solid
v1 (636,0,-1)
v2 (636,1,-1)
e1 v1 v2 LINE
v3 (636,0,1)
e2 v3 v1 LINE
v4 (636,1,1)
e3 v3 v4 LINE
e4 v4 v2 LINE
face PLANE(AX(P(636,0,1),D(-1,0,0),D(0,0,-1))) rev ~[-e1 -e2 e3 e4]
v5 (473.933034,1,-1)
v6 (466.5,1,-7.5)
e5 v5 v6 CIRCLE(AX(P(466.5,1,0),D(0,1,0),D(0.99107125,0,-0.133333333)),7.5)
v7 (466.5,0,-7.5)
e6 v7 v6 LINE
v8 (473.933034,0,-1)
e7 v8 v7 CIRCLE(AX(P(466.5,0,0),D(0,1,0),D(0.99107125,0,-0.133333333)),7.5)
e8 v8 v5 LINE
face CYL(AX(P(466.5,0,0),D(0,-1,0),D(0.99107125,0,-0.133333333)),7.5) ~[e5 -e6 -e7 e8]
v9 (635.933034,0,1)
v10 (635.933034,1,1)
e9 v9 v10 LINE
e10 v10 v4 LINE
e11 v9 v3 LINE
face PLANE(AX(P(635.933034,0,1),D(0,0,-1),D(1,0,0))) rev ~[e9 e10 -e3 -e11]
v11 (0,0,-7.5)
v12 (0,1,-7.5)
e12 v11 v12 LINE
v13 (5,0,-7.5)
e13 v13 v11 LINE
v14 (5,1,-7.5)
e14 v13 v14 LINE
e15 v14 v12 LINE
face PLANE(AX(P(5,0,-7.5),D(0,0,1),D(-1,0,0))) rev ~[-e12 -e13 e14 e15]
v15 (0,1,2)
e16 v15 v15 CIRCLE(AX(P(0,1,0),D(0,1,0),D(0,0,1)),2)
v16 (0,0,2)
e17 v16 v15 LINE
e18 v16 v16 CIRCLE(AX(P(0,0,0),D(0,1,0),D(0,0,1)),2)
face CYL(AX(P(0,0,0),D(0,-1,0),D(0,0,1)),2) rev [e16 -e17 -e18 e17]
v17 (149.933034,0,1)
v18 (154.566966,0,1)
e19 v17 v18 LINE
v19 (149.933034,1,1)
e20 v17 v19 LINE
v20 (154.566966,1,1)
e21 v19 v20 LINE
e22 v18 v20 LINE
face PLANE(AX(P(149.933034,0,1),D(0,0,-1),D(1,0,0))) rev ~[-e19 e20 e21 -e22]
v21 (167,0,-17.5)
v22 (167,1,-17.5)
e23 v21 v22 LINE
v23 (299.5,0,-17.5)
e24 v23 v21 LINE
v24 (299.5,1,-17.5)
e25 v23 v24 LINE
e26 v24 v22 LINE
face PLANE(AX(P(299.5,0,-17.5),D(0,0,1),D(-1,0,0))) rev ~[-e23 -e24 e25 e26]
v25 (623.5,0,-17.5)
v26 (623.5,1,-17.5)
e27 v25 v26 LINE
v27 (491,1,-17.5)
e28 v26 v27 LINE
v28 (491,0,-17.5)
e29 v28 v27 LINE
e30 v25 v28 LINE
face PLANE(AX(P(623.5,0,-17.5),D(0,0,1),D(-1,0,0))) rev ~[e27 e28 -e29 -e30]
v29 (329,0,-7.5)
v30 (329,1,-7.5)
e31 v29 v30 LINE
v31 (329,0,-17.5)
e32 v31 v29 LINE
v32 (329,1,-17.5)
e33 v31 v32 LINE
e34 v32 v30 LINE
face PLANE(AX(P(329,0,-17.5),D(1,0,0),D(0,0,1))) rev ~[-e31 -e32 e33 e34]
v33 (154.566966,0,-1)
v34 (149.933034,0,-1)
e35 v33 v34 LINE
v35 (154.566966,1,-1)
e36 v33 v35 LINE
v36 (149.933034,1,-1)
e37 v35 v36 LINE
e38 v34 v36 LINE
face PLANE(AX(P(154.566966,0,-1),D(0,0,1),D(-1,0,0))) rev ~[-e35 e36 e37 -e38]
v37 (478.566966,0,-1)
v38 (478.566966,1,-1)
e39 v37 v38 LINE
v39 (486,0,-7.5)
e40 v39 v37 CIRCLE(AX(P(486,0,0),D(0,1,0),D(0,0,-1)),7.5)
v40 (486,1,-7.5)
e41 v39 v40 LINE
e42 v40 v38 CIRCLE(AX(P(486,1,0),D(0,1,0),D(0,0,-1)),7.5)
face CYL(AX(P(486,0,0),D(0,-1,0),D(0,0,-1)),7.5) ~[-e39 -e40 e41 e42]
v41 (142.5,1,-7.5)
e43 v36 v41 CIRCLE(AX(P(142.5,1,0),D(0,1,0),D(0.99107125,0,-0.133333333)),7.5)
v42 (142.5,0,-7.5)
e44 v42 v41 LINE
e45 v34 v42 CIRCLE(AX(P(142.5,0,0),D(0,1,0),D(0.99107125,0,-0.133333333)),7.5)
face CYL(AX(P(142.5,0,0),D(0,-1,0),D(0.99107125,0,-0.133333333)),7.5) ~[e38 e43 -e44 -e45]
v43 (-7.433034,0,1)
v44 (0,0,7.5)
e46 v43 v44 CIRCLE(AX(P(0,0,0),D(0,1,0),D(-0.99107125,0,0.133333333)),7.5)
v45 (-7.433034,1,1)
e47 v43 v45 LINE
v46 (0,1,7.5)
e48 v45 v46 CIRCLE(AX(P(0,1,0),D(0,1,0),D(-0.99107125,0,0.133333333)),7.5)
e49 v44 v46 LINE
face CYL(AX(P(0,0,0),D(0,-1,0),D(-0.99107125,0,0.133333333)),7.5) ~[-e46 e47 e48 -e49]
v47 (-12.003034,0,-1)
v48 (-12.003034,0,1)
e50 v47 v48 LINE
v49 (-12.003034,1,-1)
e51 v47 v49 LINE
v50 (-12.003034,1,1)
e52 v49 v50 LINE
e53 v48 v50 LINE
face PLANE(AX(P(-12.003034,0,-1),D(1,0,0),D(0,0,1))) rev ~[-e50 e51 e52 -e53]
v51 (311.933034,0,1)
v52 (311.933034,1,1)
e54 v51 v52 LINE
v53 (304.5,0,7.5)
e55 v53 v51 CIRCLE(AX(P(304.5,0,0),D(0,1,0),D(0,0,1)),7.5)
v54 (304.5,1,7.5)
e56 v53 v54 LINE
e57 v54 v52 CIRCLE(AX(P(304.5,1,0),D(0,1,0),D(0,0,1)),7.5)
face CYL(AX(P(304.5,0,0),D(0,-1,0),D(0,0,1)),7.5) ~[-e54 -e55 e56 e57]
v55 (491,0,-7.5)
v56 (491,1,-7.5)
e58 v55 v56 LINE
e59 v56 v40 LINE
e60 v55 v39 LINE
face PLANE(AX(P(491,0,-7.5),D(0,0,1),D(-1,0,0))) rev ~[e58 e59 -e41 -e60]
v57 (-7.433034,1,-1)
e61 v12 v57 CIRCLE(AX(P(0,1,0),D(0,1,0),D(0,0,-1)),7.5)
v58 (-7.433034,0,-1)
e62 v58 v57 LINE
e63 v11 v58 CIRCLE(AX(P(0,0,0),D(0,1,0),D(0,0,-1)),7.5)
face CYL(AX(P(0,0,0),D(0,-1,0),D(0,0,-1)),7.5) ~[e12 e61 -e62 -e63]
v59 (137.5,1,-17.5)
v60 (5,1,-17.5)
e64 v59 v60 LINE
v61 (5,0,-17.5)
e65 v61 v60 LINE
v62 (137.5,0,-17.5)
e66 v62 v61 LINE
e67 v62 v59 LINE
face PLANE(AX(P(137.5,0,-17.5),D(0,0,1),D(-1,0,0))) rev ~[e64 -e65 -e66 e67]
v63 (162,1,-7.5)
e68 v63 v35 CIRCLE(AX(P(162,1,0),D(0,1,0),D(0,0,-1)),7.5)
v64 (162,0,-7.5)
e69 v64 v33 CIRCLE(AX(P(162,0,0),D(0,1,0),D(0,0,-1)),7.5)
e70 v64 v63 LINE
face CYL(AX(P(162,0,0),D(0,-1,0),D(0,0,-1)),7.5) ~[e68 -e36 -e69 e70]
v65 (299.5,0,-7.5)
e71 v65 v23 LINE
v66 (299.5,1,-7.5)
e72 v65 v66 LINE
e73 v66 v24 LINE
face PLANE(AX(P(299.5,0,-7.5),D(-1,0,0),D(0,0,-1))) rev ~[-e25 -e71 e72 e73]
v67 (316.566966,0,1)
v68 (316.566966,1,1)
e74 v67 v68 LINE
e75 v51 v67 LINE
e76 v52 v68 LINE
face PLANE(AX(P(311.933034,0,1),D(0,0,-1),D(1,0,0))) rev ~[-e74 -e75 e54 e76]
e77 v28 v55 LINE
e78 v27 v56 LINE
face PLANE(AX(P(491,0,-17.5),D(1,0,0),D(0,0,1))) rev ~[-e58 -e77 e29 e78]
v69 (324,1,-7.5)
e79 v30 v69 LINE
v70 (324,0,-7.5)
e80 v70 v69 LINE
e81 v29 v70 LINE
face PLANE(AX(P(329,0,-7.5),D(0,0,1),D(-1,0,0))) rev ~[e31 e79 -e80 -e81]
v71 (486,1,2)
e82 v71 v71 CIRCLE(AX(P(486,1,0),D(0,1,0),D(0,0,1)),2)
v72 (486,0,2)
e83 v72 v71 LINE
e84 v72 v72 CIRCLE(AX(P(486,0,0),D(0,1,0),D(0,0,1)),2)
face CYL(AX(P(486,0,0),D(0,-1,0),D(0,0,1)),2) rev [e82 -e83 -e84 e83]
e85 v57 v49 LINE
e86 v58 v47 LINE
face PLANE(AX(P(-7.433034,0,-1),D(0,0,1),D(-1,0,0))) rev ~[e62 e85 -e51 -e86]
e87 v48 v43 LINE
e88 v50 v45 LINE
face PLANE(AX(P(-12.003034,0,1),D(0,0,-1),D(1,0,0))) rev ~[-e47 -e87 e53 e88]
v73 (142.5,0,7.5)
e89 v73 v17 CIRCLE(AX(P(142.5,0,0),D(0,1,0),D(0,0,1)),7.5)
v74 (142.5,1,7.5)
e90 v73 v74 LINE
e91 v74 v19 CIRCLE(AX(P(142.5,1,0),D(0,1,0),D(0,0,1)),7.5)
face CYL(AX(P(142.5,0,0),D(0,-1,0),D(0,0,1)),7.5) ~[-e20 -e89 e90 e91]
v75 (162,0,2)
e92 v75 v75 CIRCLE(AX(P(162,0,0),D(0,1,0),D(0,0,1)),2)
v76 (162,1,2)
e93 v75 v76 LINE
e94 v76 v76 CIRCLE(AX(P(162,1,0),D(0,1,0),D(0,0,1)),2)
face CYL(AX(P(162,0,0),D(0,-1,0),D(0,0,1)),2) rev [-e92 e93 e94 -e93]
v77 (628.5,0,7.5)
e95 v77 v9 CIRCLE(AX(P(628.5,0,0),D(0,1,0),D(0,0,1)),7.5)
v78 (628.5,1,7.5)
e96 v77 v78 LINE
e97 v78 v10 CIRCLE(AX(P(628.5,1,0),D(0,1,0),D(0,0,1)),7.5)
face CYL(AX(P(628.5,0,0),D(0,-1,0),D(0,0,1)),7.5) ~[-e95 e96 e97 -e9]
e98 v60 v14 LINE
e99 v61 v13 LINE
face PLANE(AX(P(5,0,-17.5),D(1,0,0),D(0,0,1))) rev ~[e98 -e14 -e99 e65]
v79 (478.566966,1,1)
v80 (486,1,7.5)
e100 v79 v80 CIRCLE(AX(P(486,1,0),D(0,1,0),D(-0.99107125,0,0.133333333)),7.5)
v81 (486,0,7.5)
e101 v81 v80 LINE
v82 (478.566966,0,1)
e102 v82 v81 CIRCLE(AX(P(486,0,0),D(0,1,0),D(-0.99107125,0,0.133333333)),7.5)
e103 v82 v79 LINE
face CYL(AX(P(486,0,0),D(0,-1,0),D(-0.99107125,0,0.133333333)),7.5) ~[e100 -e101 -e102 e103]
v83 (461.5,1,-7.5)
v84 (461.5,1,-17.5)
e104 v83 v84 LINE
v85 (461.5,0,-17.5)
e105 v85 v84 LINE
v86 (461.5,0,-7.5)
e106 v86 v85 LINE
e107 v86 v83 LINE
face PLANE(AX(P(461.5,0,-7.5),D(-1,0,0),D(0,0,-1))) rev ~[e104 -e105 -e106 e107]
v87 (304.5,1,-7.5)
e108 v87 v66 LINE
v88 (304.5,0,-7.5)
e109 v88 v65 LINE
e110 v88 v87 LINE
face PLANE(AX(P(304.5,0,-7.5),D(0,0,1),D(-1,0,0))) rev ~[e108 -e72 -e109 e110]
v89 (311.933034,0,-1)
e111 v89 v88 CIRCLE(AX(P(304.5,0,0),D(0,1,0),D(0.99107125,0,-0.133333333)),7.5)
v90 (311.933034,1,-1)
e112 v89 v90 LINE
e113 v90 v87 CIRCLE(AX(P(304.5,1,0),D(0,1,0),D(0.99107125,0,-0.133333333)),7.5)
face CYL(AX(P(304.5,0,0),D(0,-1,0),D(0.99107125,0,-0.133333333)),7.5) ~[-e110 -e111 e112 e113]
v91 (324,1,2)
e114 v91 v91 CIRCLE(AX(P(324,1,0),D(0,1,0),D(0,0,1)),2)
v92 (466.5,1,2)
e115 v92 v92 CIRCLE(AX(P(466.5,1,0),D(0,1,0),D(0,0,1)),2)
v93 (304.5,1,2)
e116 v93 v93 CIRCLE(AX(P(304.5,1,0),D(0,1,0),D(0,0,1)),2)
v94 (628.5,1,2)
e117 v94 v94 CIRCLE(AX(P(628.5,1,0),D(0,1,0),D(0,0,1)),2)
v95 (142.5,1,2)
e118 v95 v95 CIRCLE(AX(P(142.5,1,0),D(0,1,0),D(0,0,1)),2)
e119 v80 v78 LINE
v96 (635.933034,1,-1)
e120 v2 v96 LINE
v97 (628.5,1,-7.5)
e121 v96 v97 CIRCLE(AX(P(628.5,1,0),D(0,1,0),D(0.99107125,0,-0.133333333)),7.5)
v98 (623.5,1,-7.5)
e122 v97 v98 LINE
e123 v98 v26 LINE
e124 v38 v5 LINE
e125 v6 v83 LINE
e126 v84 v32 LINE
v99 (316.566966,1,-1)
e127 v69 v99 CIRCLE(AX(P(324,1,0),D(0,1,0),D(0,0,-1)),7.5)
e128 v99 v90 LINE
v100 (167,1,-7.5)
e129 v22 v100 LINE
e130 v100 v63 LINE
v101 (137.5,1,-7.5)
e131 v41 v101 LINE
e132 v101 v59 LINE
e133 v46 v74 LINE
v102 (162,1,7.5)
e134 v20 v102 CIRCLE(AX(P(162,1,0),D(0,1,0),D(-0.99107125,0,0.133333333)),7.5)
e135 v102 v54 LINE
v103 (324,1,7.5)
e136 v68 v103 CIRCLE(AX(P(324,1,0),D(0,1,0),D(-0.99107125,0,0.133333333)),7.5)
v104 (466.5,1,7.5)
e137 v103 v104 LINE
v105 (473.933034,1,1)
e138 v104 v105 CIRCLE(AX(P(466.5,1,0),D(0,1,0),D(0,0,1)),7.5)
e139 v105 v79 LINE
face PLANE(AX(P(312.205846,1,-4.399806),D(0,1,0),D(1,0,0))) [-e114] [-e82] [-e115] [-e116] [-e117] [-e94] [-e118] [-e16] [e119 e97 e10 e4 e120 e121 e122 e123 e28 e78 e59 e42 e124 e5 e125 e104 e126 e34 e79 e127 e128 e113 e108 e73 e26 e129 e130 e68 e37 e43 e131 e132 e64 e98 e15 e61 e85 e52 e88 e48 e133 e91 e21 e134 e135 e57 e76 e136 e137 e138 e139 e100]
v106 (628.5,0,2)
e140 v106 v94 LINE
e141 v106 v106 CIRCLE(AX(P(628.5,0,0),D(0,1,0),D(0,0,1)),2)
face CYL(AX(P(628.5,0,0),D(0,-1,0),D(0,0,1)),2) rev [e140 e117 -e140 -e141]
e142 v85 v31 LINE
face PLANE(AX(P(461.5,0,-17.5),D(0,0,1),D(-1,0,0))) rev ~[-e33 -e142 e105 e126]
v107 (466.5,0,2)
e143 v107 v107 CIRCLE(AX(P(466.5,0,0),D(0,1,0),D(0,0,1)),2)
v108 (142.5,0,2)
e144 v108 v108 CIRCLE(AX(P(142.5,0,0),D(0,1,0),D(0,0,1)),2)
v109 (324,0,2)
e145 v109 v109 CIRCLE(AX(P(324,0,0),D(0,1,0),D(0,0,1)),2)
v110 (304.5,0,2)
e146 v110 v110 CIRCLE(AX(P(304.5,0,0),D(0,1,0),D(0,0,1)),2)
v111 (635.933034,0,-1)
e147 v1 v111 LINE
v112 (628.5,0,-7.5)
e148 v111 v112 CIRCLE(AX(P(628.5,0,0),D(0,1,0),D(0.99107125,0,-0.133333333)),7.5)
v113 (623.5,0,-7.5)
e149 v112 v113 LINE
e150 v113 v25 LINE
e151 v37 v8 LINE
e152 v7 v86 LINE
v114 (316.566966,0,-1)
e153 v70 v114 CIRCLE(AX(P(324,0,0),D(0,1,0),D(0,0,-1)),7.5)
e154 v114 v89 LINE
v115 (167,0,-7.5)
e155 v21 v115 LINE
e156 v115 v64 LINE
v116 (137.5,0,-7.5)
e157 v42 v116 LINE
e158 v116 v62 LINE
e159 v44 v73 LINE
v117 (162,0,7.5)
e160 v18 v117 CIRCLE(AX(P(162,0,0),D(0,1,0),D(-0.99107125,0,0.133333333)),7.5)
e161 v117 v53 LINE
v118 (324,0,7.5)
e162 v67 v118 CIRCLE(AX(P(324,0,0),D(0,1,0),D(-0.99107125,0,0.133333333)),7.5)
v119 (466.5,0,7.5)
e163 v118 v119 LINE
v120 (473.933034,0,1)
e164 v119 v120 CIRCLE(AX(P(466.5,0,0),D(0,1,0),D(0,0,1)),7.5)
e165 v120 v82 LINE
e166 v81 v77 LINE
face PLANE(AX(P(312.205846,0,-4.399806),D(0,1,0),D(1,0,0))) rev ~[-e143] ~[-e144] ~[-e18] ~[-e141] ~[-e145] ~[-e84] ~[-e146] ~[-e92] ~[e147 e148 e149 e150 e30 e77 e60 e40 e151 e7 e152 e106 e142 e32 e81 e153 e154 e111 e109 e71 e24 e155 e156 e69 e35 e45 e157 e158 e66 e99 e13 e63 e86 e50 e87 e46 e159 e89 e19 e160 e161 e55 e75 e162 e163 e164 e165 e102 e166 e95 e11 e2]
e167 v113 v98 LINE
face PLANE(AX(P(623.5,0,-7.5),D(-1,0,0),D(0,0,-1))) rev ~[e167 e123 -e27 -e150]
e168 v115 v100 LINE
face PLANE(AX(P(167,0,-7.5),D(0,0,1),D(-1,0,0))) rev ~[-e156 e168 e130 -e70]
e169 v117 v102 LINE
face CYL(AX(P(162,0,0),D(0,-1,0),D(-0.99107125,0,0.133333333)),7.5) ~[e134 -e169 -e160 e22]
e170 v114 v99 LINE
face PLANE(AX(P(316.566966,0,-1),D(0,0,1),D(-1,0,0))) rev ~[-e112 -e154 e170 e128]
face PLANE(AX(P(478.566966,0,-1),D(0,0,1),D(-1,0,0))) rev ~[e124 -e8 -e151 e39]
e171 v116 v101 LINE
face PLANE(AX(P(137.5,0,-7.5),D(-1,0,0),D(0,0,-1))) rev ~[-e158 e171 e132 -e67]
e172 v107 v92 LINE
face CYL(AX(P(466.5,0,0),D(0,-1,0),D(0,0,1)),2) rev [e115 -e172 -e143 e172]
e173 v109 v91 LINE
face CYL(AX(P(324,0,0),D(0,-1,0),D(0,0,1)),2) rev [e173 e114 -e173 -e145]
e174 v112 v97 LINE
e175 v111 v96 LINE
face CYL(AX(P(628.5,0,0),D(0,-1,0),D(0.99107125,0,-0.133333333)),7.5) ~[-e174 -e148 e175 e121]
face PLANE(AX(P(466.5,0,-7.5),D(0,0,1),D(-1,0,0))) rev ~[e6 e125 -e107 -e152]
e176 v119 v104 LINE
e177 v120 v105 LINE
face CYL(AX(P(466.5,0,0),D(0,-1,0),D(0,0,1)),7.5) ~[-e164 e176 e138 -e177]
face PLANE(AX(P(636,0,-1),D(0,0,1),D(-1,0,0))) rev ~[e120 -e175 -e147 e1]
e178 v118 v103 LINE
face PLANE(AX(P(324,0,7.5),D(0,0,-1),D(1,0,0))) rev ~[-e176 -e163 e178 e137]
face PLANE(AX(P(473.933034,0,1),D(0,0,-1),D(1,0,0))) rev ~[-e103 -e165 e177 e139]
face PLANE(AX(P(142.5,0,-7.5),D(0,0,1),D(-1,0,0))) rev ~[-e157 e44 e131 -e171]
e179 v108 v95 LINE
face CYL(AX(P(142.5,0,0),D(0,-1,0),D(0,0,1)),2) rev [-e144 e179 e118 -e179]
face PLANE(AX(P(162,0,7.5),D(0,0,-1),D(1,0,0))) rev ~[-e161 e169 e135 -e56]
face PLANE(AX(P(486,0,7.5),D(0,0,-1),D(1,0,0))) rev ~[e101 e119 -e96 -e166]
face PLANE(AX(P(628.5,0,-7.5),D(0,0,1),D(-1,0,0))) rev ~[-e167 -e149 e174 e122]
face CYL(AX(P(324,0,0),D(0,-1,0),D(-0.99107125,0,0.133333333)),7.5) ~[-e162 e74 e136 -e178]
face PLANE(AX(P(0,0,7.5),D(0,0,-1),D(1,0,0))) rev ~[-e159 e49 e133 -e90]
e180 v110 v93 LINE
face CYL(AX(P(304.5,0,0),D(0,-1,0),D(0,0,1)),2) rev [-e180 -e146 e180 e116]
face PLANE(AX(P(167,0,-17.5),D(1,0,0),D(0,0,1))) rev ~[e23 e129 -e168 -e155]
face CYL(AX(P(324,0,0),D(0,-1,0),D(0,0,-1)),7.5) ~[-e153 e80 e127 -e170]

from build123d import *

# Parameters (mm, degrees)
SKETCH1_R           = 2
BOSS_EXTRUDE1_DEPTH = 1


with BuildPart() as part:
    # Sketch1 → Boss-Extrude1 (new body)
    with BuildSketch(Plane(origin=(0, 0, 0), x_dir=(1, 0, 0), z_dir=(0, 1, 0))):
        with BuildLine():
            Line((5, 7.5), (0, 7.5))
            ThreePointArc((0, 7.5), (-4.937104415, 5.645794895), (-7.433034374, 1))
            Line((-7.433034374, 1), (-12.003034374, 1))
            Line((-12.003034374, 1), (-12.003034374, -1))
            Line((-12.003034374, -1), (-7.433034374, -1))
            ThreePointArc((-7.433034374, -1), (-4.937104415, -5.645794895), (0, -7.5))
            Line((0, -7.5), (142.5, -7.5))
            ThreePointArc((142.5, -7.5), (147.437104415, -5.645794895), (149.933034374, -1))
            Line((149.933034374, -1), (154.566965626, -1))
            ThreePointArc((154.566965626, -1), (157.062895585, -5.645794895), (162, -7.5))
            Line((162, -7.5), (304.5, -7.5))
            ThreePointArc((304.5, -7.5), (309.437104415, -5.645794895), (311.933034374, -1))
            Line((311.933034374, -1), (316.566965626, -1))
            ThreePointArc((316.566965626, -1), (319.062895585, -5.645794895), (324, -7.5))
            Line((324, -7.5), (466.5, -7.5))
            ThreePointArc((466.5, -7.5), (471.437104415, -5.645794895), (473.933034374, -1))
            Line((473.933034374, -1), (478.566965626, -1))
            ThreePointArc((478.566965626, -1), (481.062895585, -5.645794895), (486, -7.5))
            Line((486, -7.5), (628.5, -7.5))
            ThreePointArc((628.5, -7.5), (633.437104415, -5.645794895), (635.933034374, -1))
            Line((635.933034374, -1), (636, -1))
            Line((636, -1), (636, 1))
            Line((636, 1), (635.933034374, 1))
            ThreePointArc((635.933034374, 1), (633.437104415, 5.645794895), (628.5, 7.5))
            Line((628.5, 7.5), (623.5, 7.5))
            Line((623.5, 7.5), (623.5, 17.5))
            Line((623.5, 17.5), (491, 17.5))
            Line((491, 17.5), (491, 7.5))
            Line((491, 7.5), (486, 7.5))
            ThreePointArc((486, 7.5), (481.062895585, 5.645794895), (478.566965626, 1))
            Line((478.566965626, 1), (473.933034374, 1))
            ThreePointArc((473.933034374, 1), (471.437104415, 5.645794895), (466.5, 7.5))
            Line((466.5, 7.5), (461.5, 7.5))
            Line((461.5, 7.5), (461.5, 17.5))
            Line((461.5, 17.5), (329, 17.5))
            Line((329, 17.5), (329, 7.5))
            Line((329, 7.5), (324, 7.5))
            ThreePointArc((324, 7.5), (319.062895585, 5.645794895), (316.566965626, 1))
            Line((316.566965626, 1), (311.933034374, 1))
            ThreePointArc((311.933034374, 1), (309.437104415, 5.645794895), (304.5, 7.5))
            Line((304.5, 7.5), (299.5, 7.5))
            Line((299.5, 7.5), (299.5, 17.5))
            Line((299.5, 17.5), (167, 17.5))
            Line((167, 17.5), (167, 7.5))
            Line((167, 7.5), (162, 7.5))
            ThreePointArc((162, 7.5), (157.062895585, 5.645794895), (154.566965626, 1))
            Line((154.566965626, 1), (149.933034374, 1))
            ThreePointArc((149.933034374, 1), (147.437104415, 5.645794895), (142.5, 7.5))
            Line((142.5, 7.5), (137.5, 7.5))
            Line((137.5, 7.5), (137.5, 17.5))
            Line((137.5, 17.5), (5, 17.5))
            Line((5, 17.5), (5, 7.5))
        make_face()
        with Locations(Location((0, 0, 0), (0, 0, 270))):
            Circle(SKETCH1_R, mode=Mode.SUBTRACT)
        with Locations(Location((142.5, 0, 0), (0, 0, 270))):
            Circle(SKETCH1_R, mode=Mode.SUBTRACT)
        with Locations(Location((304.5, 0, 0), (0, 0, 270))):
            Circle(SKETCH1_R, mode=Mode.SUBTRACT)
        with Locations(Location((162, 0, 0), (0, 0, 270))):
            Circle(SKETCH1_R, mode=Mode.SUBTRACT)
        with Locations(Location((466.5, 0, 0), (0, 0, 270))):
            Circle(SKETCH1_R, mode=Mode.SUBTRACT)
        with Locations(Location((324, 0, 0), (0, 0, 270))):
            Circle(SKETCH1_R, mode=Mode.SUBTRACT)
        with Locations(Location((628.5, 0, 0), (0, 0, 270))):
            Circle(SKETCH1_R, mode=Mode.SUBTRACT)
        with Locations(Location((486, 0, 0), (0, 0, 270))):
            Circle(SKETCH1_R, mode=Mode.SUBTRACT)
    extrude(amount=BOSS_EXTRUDE1_DEPTH)


solid = part.part
